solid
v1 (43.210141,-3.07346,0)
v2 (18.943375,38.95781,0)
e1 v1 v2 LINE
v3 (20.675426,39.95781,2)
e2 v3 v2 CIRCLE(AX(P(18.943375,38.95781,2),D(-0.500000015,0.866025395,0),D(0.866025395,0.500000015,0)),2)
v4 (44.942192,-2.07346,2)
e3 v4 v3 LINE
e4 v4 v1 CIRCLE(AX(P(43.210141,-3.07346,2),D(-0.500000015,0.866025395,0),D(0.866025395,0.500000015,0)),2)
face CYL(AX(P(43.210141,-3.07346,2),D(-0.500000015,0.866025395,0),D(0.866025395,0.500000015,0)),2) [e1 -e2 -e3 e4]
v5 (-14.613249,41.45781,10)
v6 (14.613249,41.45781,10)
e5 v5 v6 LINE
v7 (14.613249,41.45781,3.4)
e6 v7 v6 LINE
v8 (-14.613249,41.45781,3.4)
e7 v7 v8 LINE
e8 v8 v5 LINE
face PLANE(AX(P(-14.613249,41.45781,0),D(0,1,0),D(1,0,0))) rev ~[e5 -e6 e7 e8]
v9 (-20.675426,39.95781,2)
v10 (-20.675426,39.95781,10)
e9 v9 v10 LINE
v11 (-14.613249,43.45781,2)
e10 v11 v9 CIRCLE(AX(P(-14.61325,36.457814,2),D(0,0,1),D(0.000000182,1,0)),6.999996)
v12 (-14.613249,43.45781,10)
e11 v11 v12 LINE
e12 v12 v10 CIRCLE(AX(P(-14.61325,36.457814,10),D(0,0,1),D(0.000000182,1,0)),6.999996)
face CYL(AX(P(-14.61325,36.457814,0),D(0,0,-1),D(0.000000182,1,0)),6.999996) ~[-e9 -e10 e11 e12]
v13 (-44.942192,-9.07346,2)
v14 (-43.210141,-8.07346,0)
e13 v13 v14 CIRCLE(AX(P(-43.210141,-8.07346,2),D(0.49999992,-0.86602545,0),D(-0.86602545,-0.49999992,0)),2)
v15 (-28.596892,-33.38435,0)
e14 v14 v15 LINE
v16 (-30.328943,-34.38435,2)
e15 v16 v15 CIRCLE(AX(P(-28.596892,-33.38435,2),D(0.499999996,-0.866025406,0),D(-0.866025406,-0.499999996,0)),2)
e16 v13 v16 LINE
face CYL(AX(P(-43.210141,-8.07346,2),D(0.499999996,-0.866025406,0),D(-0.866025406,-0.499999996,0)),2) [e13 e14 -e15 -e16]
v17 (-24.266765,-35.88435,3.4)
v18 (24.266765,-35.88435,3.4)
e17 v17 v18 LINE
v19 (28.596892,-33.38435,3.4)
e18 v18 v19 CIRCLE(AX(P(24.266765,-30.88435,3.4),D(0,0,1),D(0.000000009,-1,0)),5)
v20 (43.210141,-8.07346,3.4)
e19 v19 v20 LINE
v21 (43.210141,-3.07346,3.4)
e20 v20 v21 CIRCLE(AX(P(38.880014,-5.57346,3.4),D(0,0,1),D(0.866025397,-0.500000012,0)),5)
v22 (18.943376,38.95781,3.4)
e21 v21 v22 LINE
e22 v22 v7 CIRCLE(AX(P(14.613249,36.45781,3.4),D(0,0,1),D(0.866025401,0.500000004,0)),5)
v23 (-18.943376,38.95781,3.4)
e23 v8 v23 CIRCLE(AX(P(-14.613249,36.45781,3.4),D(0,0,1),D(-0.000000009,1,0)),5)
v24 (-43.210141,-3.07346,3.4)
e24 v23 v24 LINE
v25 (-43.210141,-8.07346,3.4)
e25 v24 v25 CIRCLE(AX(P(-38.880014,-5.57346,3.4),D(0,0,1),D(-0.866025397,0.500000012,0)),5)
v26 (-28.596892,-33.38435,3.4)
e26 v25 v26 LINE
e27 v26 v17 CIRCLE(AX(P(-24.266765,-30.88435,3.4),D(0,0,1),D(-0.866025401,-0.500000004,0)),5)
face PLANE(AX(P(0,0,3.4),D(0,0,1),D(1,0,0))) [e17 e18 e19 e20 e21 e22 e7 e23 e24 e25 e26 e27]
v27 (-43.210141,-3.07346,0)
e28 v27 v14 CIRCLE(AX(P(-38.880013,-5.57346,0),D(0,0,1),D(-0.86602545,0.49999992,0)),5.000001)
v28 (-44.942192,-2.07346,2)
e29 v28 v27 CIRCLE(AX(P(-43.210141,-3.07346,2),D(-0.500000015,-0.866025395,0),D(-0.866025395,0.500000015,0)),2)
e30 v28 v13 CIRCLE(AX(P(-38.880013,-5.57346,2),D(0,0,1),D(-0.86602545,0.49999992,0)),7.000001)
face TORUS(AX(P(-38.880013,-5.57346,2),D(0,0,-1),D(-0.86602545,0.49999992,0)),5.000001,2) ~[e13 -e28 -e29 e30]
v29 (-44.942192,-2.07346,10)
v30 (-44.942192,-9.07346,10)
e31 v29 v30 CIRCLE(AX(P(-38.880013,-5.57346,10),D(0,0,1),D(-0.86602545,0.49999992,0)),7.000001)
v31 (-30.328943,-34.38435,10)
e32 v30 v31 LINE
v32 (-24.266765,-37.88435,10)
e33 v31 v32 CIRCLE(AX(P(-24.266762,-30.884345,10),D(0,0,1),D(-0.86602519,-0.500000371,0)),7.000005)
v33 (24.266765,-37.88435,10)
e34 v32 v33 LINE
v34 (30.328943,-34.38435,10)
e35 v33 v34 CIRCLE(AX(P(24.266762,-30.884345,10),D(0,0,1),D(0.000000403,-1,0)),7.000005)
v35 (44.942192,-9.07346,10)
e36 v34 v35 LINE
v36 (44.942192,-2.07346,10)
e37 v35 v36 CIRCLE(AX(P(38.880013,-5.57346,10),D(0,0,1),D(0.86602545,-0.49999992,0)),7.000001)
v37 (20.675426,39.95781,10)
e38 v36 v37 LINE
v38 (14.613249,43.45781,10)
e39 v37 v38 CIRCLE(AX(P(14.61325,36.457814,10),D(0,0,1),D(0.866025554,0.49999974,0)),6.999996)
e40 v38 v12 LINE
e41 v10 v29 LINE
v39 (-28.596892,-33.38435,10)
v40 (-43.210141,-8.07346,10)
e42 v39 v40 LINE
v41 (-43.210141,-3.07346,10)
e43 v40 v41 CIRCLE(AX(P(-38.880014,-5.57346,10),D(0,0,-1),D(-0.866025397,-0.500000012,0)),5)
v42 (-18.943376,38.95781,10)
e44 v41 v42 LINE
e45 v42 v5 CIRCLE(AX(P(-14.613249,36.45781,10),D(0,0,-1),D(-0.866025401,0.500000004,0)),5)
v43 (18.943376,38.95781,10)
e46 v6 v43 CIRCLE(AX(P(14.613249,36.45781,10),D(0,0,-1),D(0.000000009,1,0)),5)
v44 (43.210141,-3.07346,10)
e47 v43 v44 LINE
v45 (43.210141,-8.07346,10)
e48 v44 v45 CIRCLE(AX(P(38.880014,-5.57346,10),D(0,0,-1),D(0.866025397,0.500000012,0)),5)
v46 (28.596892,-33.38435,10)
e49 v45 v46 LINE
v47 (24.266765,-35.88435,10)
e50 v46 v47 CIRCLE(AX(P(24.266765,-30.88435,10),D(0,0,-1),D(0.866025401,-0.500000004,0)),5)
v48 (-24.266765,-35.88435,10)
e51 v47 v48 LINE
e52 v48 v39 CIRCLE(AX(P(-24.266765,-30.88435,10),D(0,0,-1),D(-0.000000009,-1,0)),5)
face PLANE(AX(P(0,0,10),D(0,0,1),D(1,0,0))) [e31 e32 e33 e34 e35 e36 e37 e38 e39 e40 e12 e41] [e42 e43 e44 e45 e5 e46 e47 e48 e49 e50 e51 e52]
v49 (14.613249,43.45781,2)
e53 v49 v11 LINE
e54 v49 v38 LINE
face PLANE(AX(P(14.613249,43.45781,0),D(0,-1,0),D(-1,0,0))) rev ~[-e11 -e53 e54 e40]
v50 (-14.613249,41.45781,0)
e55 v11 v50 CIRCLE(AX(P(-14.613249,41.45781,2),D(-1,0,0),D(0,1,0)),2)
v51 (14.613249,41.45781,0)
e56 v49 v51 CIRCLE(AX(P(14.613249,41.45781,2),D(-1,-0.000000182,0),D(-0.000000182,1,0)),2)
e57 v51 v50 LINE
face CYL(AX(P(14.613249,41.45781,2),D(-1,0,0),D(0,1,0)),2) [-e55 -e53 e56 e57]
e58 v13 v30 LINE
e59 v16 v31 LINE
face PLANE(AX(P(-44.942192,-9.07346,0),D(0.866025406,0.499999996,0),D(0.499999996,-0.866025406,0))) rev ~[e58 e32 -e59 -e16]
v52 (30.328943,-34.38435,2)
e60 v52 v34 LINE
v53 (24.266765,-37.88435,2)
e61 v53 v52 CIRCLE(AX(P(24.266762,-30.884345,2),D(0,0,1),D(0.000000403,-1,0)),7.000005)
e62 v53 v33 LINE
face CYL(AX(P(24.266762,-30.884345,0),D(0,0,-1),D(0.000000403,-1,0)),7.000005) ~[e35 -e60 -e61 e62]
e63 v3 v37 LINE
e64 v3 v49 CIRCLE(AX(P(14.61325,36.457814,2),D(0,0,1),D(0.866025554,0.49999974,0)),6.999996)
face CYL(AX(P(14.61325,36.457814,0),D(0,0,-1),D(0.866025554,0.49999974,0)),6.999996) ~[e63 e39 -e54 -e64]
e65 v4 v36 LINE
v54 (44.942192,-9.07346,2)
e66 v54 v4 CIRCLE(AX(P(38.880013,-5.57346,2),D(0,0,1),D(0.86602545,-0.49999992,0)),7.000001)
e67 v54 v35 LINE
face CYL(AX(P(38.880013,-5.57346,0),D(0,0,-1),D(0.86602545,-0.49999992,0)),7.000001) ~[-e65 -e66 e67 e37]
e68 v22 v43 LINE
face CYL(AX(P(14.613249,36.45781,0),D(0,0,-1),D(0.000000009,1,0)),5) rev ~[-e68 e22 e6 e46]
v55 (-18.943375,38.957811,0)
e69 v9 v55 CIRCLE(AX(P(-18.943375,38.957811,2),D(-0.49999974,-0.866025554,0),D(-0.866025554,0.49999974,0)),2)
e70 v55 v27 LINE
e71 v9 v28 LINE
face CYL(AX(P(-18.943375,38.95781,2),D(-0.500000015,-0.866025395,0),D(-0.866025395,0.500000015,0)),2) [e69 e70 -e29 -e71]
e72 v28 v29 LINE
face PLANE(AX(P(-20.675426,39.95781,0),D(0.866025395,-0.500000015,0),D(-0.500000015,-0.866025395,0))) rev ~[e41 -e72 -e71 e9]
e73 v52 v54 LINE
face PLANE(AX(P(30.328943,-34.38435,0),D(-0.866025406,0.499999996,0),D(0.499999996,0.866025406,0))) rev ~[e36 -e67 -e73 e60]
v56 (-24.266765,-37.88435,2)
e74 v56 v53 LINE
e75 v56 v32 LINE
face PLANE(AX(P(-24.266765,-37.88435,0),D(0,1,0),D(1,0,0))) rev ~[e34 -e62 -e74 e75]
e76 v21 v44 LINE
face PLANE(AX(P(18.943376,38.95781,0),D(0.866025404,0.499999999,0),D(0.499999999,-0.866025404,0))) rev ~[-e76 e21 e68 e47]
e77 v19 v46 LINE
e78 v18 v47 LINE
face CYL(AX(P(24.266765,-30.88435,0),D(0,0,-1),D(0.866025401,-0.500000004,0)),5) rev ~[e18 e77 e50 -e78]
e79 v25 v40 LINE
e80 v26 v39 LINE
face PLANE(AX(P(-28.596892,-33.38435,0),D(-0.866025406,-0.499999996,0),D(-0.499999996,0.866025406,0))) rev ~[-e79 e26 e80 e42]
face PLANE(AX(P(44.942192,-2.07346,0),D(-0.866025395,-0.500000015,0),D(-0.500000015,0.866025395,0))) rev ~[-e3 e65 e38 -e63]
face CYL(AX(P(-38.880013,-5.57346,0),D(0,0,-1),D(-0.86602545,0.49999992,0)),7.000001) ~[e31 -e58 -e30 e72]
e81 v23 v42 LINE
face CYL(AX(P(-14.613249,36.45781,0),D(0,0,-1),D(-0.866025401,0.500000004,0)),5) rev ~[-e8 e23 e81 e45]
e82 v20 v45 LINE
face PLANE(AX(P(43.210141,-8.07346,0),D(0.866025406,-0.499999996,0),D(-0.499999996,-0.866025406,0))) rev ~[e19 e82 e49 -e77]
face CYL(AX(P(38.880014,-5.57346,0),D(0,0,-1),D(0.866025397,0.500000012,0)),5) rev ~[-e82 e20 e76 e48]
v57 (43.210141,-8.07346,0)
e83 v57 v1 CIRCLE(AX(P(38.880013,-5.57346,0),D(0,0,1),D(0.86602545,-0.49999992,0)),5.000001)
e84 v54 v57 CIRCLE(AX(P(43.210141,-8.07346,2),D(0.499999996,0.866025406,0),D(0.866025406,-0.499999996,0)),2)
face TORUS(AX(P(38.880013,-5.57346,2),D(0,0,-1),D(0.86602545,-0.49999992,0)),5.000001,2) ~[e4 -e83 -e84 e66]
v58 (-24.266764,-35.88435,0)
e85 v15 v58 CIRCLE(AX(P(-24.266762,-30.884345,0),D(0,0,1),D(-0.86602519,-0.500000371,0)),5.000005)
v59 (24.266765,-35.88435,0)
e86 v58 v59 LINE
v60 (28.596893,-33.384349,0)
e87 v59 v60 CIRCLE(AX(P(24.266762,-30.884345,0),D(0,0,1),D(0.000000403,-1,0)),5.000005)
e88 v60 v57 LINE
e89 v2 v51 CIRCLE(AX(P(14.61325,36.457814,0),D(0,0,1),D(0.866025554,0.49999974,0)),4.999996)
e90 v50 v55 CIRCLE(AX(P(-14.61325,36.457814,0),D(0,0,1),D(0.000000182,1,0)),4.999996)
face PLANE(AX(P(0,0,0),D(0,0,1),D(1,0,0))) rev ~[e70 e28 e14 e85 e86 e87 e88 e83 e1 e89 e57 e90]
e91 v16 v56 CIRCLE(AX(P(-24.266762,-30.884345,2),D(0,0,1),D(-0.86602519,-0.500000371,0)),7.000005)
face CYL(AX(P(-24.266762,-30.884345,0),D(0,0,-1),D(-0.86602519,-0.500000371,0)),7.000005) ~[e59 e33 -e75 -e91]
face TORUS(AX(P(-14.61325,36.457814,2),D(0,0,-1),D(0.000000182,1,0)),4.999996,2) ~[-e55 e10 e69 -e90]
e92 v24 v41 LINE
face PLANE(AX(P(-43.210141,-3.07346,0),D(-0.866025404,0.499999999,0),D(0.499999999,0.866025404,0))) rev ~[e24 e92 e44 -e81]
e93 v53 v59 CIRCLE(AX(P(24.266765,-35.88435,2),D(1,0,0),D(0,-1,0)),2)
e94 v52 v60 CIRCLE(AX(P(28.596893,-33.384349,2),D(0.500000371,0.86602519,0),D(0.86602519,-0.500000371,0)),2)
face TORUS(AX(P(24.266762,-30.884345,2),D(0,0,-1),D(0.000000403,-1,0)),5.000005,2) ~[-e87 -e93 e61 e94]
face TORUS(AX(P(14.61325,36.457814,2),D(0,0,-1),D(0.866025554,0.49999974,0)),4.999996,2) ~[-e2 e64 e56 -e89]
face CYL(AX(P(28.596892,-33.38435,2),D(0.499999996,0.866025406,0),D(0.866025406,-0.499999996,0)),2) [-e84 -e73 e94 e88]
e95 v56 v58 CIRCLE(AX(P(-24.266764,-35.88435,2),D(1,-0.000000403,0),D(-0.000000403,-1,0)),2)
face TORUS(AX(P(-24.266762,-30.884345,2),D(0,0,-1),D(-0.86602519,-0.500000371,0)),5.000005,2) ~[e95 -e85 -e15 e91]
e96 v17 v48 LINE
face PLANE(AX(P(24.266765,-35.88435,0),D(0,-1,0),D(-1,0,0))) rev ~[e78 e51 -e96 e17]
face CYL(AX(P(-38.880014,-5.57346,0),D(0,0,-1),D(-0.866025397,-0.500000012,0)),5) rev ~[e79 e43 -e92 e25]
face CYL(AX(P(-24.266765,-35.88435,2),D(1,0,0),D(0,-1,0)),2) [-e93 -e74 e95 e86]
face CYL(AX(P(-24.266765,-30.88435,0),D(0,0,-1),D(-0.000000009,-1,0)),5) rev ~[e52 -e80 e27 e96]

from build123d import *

# Parameters (mm, degrees)
F1_DEPTH = 3.4
F2_DEPTH = 10
F3_R     = 2


with BuildPart() as f1:
    # F0 (on Top) → F1 (new body)
    with BuildSketch(Plane.XY):
        with BuildLine():
            ThreePointArc((18.943376, 38.95781), (17.113249, 40.787937), (14.613249, 41.45781))
            Line((14.613249, 41.45781), (-14.613249, 41.45781))
            ThreePointArc((-14.613249, 41.45781), (-17.113249, 40.787937), (-18.943376, 38.95781))
            Line((-18.943376, 38.95781), (-43.210141, -3.07346))
            ThreePointArc((-43.210141, -3.07346), (-43.880014, -5.57346), (-43.210141, -8.07346))
            Line((-43.210141, -8.07346), (-28.596892, -33.38435))
            ThreePointArc((-28.596892, -33.38435), (-26.766765, -35.214477), (-24.266765, -35.88435))
            Line((-24.266765, -35.88435), (24.266765, -35.88435))
            ThreePointArc((24.266765, -35.88435), (26.766765, -35.214477), (28.596892, -33.38435))
            Line((28.596892, -33.38435), (43.210141, -8.07346))
            ThreePointArc((43.210141, -8.07346), (43.880014, -5.57346), (43.210141, -3.07346))
            Line((43.210141, -3.07346), (18.943376, 38.95781))
        make_face()
    extrude(amount=F1_DEPTH)

    # F0 (on Top) → F2 (join)
    with BuildSketch(Plane.XY):
        with BuildLine():
            Line((44.942192, -2.07346), (20.675426, 39.95781))
            ThreePointArc((20.675426, 39.95781), (18.113249, 42.519988), (14.613249, 43.45781))
            Line((14.613249, 43.45781), (-14.613249, 43.45781))
            ThreePointArc((-14.613249, 43.45781), (-18.113249, 42.519988), (-20.675426, 39.95781))
            Line((-20.675426, 39.95781), (-44.942192, -2.07346))
            ThreePointArc((-44.942192, -2.07346), (-45.880014, -5.57346), (-44.942192, -9.07346))
            Line((-44.942192, -9.07346), (-30.328943, -34.38435))
            ThreePointArc((-30.328943, -34.38435), (-27.766765, -36.946527), (-24.266765, -37.88435))
            Line((-24.266765, -37.88435), (24.266765, -37.88435))
            ThreePointArc((24.266765, -37.88435), (27.766765, -36.946527), (30.328943, -34.38435))
            Line((30.328943, -34.38435), (44.942192, -9.07346))
            ThreePointArc((44.942192, -9.07346), (45.880014, -5.57346), (44.942192, -2.07346))
        make_face()
        with BuildLine():
            Line((-14.613249, 41.45781), (14.613249, 41.45781))
            ThreePointArc((14.613249, 41.45781), (17.113249, 40.787937), (18.943376, 38.95781))
            Line((18.943376, 38.95781), (43.210141, -3.07346))
            ThreePointArc((43.210141, -3.07346), (43.880014, -5.57346), (43.210141, -8.07346))
            Line((43.210141, -8.07346), (28.596892, -33.38435))
            ThreePointArc((28.596892, -33.38435), (26.766765, -35.214477), (24.266765, -35.88435))
            Line((24.266765, -35.88435), (-24.266765, -35.88435))
            ThreePointArc((-24.266765, -35.88435), (-26.766765, -35.214477), (-28.596892, -33.38435))
            Line((-28.596892, -33.38435), (-43.210141, -8.07346))
            ThreePointArc((-43.210141, -8.07346), (-43.880014, -5.57346), (-43.210141, -3.07346))
            Line((-43.210141, -3.07346), (-18.943376, 38.95781))
            ThreePointArc((-18.943376, 38.95781), (-17.113249, 40.787937), (-14.613249, 41.45781))
        make_face(mode=Mode.SUBTRACT)
    extrude(amount=F2_DEPTH)

    # F3
    f3_edges = [f1.edges().sort_by_distance(p)[0] for p in [
        (32.808809, 18.942175, 0),
    ]]
    fillet(f3_edges, radius=F3_R)


solid = f1.part
